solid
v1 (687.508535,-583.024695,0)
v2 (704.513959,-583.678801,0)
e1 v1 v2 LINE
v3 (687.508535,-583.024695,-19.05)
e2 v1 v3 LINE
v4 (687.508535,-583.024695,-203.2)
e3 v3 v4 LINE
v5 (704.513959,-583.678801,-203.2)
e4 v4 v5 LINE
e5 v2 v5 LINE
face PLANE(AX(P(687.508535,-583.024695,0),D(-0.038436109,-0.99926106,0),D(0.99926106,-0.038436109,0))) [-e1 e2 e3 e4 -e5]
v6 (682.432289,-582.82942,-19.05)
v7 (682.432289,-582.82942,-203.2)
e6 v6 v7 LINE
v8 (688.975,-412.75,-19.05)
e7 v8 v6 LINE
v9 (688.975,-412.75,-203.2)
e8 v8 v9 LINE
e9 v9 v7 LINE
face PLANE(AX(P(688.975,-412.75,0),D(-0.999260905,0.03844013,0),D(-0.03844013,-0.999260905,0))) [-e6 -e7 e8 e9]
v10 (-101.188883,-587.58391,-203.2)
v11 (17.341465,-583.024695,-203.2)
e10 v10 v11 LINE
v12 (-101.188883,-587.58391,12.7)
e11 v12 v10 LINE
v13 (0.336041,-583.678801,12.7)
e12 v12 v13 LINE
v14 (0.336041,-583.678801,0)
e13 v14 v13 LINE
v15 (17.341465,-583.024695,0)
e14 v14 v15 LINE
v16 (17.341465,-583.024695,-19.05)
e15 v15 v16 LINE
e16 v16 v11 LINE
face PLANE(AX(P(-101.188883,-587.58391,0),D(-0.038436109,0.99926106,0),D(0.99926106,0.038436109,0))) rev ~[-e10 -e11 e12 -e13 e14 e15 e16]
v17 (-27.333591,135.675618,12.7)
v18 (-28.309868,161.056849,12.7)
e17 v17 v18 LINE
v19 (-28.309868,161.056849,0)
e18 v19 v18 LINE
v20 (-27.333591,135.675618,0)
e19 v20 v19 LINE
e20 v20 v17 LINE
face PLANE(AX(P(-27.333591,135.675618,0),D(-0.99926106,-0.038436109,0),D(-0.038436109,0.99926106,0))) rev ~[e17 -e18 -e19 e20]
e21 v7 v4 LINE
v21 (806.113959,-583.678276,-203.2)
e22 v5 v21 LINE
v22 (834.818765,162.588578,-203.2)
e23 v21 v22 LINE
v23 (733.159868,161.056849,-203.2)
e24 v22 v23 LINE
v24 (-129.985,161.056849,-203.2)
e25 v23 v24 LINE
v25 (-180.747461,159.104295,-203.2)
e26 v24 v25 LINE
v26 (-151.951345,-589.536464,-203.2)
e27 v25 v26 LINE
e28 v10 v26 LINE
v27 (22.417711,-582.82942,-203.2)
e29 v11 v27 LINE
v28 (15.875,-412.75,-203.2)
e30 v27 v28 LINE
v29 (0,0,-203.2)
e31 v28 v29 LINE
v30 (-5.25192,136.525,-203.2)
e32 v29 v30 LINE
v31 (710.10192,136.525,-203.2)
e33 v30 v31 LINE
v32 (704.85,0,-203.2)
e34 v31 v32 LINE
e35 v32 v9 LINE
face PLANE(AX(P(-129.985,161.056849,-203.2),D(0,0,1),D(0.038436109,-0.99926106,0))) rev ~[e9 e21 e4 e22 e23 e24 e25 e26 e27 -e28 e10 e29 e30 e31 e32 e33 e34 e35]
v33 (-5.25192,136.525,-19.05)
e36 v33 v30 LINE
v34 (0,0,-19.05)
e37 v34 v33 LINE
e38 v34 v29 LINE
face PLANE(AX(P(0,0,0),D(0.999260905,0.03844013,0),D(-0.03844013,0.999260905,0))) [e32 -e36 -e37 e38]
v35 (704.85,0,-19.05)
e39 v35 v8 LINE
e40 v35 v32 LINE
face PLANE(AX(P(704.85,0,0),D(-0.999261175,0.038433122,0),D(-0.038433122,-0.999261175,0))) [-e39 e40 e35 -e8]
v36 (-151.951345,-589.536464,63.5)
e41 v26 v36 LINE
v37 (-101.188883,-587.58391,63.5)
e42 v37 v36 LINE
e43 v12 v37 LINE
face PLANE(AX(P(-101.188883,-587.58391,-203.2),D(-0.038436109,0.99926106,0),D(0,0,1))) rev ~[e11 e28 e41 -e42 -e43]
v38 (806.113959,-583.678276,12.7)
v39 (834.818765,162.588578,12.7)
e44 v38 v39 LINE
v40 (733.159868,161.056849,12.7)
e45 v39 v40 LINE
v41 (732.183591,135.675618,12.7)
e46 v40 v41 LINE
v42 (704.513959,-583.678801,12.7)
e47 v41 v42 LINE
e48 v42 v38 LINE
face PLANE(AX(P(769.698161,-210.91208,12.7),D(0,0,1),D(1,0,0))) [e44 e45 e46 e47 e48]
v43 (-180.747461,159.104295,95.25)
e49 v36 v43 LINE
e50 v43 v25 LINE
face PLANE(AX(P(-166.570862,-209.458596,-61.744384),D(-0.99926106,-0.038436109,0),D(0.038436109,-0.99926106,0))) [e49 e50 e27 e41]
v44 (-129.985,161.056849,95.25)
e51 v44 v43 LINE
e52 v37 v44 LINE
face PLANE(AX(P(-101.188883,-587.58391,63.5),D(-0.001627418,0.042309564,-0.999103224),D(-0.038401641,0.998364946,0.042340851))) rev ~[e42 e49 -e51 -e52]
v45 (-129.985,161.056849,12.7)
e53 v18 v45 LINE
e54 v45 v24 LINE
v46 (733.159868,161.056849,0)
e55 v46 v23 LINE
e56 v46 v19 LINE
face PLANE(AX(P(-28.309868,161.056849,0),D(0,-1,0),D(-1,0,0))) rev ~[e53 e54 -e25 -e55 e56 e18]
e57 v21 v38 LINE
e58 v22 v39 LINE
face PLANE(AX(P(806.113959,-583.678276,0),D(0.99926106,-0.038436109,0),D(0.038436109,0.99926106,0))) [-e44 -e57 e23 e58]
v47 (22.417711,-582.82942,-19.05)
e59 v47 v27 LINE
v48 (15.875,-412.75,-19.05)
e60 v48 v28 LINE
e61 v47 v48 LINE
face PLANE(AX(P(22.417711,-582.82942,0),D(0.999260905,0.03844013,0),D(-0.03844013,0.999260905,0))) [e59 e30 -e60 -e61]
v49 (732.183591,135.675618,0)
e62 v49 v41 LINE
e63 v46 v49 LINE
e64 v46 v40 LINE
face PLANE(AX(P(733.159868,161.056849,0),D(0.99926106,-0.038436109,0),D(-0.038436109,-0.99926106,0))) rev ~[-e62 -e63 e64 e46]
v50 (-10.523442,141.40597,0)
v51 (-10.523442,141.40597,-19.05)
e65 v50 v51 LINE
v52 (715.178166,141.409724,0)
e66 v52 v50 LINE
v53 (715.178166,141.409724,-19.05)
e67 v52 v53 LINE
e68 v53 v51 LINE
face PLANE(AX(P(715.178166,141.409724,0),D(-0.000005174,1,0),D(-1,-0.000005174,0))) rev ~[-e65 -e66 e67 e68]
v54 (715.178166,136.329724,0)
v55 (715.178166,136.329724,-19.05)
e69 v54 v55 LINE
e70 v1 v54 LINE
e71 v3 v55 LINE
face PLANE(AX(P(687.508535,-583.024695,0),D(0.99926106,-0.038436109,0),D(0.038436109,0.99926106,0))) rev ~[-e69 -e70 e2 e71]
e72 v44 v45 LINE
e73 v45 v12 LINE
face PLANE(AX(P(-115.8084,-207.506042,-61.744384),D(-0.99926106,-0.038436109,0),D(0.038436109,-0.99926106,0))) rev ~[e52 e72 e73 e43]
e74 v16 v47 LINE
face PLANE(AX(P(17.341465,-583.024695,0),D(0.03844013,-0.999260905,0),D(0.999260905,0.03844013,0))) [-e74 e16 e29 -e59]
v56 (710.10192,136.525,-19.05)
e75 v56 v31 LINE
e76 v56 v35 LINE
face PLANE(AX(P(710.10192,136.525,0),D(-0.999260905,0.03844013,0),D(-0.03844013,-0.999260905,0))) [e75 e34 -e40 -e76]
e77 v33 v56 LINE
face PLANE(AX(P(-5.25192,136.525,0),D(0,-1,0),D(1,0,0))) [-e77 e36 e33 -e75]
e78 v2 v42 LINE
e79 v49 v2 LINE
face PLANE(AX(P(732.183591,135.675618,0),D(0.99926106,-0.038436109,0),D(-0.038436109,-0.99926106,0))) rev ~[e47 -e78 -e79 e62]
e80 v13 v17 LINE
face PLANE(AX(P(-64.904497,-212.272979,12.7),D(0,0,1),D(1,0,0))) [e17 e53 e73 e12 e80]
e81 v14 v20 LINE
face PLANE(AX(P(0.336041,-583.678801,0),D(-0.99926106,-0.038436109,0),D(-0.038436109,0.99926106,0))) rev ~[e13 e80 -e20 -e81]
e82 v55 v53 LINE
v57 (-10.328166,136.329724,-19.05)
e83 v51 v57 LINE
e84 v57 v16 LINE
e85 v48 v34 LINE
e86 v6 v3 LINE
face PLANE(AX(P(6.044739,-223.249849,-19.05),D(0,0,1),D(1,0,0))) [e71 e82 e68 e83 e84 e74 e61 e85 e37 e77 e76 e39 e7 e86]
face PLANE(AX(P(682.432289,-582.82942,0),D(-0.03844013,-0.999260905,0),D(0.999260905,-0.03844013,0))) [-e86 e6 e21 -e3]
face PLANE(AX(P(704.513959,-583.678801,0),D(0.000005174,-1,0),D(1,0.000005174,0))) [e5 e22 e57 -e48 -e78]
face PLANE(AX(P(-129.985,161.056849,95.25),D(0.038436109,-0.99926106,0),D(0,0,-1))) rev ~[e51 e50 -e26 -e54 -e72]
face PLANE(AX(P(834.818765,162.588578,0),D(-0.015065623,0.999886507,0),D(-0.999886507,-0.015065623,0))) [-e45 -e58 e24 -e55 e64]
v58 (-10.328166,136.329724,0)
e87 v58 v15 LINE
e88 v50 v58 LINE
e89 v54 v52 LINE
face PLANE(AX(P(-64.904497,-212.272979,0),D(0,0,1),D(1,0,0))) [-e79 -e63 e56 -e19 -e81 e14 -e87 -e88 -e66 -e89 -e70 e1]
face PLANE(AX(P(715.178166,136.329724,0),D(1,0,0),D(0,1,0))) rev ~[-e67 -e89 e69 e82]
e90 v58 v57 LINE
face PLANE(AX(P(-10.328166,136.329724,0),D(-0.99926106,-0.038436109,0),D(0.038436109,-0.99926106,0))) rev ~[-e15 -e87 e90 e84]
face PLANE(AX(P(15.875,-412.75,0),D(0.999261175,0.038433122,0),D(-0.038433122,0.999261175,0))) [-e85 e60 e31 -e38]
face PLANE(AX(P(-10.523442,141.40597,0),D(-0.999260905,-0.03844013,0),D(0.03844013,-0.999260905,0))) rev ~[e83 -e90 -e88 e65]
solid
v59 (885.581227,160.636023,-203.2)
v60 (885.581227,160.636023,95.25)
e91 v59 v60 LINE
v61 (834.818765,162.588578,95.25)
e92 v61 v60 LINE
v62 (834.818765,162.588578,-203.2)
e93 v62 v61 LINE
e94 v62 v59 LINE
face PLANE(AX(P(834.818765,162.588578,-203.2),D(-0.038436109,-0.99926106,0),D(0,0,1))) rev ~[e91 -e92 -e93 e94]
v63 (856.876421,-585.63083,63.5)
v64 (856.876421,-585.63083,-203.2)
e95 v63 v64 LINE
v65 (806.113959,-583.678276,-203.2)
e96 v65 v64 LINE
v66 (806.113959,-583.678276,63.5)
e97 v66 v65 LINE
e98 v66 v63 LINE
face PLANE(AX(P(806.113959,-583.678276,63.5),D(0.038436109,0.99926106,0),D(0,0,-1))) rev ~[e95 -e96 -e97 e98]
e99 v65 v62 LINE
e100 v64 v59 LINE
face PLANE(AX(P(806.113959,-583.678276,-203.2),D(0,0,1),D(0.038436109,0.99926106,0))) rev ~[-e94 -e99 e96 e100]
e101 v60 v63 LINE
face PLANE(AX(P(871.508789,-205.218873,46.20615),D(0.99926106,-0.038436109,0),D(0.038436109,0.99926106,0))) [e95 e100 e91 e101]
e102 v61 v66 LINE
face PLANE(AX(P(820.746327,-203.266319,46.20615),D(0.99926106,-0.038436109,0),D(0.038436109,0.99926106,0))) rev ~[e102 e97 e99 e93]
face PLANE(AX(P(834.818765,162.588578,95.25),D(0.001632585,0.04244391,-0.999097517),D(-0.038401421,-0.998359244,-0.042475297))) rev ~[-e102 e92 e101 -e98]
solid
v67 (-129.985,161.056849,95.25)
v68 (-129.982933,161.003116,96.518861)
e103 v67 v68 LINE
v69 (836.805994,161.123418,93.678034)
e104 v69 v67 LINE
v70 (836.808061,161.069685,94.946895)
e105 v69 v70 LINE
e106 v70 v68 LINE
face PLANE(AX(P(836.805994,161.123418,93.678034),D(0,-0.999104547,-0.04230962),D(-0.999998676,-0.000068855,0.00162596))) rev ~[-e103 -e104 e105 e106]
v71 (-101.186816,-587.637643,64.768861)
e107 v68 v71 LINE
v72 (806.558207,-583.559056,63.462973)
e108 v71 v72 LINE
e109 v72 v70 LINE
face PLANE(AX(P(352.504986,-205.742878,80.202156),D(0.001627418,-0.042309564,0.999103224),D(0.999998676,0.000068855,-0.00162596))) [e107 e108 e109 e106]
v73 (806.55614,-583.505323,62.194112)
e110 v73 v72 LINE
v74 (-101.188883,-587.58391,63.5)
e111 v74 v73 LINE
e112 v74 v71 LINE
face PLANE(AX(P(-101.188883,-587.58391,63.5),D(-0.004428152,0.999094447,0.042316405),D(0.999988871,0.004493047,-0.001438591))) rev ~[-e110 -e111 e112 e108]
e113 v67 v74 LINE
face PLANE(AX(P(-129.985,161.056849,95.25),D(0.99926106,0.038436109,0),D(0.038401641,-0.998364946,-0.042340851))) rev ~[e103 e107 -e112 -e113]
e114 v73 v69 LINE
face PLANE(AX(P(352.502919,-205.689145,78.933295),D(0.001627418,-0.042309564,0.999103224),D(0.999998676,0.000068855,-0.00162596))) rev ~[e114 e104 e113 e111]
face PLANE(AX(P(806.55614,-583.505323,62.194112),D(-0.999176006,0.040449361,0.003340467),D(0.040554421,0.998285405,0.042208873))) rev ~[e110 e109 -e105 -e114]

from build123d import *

# Parameters (mm, degrees)
F1_DEPTH = 203.2
F2_DEPTH = 12.7
F3_DEPTH = 19.05
F4_W     = 746.8187077512
F4_H     = 215.9
F5_DEPTH = 50.8
F7_DEPTH = 50.8
F9_DEPTH = 1.27


with BuildPart() as f1:
    # F0 (on Top) → F1 (new body)
    with BuildSketch(Plane.XY):
        Polygon((-101.188883044, -587.583909848), (0.3360406256, -583.6788011578), (-27.333590572, 135.6756184324), (-28.3098677445, 161.0568493498), (-129.9849995929, 161.0568493498), align=None)
        Polygon((0.3360406256, -583.6788011578), (17.3414653403, -583.0246954522), (-10.3281658573, 136.329724138), (-27.333590572, 135.6756184324), align=None)
        Polygon((17.3414653403, -583.0246954522), (22.417710738, -582.8294195902), (15.875, -412.75), (0, 0), (-5.2519204596, 136.525), (-10.3281658573, 136.329724138), align=None)
        Polygon((704.85, 136.525), (710.1019204596, 136.525), (715.1781658573, 136.329724138), (715.1781658573, 141.409724138), (-10.5234417193, 141.4059695357), (-10.3281658573, 136.329724138), (-5.2519204596, 136.525), align=None)
        Polygon((715.1781658573, 141.409724138), (715.1781658573, 136.329724138), (732.183590572, 135.6756184324), (733.1598677445, 161.0568493498), (-28.3098677445, 161.0568493498), (-27.333590572, 135.6756184324), (-10.3281658573, 136.329724138), (-10.5234417193, 141.4059695357), align=None)
        Polygon((732.183590572, 135.6756184324), (704.5139593744, -583.6788011578), (806.113959373, -583.6782755043), (834.8187647438, 162.5885778369), (733.1598677445, 161.0568493498), align=None)
        Polygon((715.1781658573, 136.329724138), (687.5085346597, -583.0246954522), (704.5139593744, -583.6788011578), (732.183590572, 135.6756184324), align=None)
        Polygon((704.85, 0), (688.975, -412.75), (682.432289262, -582.8294195902), (687.5085346597, -583.0246954522), (715.1781658573, 136.329724138), (710.1019204596, 136.525), align=None)
    extrude(amount=-F1_DEPTH)

    # F0 (on Top) → F2 (join)
    with BuildSketch(Plane.XY):
        Polygon((-101.188883044, -587.583909848), (0.3360406256, -583.6788011578), (-27.333590572, 135.6756184324), (-28.3098677445, 161.0568493498), (-129.9849995929, 161.0568493498), align=None)
        Polygon((732.183590572, 135.6756184324), (704.5139593744, -583.6788011578), (806.113959373, -583.6782755043), (834.8187647438, 162.5885778369), (733.1598677445, 161.0568493498), align=None)
    extrude(amount=F2_DEPTH)

    # F0 (on Top) → F3 (cut)
    with BuildSketch(Plane.XY):
        Polygon((17.3414653403, -583.0246954522), (22.417710738, -582.8294195902), (15.875, -412.75), (0, 0), (-5.2519204596, 136.525), (-10.3281658573, 136.329724138), align=None)
        Polygon((704.85, 0), (688.975, -412.75), (682.432289262, -582.8294195902), (687.5085346597, -583.0246954522), (715.1781658573, 136.329724138), (710.1019204596, 136.525), align=None)
        Polygon((704.85, 136.525), (710.1019204596, 136.525), (715.1781658573, 136.329724138), (715.1781658573, 141.409724138), (-10.5234417193, 141.4059695357), (-10.3281658573, 136.329724138), (-5.2519204596, 136.525), align=None)
    extrude(amount=-F3_DEPTH, mode=Mode.SUBTRACT)

    # F6 (on face) → F7 (join)
    with BuildSketch(Plane(origin=(-123.6071439631, -4.7544909626, 0), x_dir=(0.0384361092, -0.9992610597, 0), z_dir=(-0.9992610597, -0.0384361092, 0))):
        Polygon((-165.9339555926, 95.25), (-165.9339555926, 12.7), (-165.9339555926, -203.2), (583.2604134869, -203.2), (583.2604134869, 12.7), (583.2604134869, 63.5), align=None)
    extrude(amount=F7_DEPTH)


with BuildPart() as f5:
    # F4 (on face) → F5 (new body)
    with BuildSketch(Plane(origin=(827.3408037059, -31.8232769409, 0), x_dir=(0.0384361092, 0.9992610597, 0), z_dir=(0.9992610597, -0.0384361092, 0))):
        Polygon((-552.2630879931, 63.5), (-552.2630879931, 12.7), (194.555619758, 12.7), (194.555619758, 95.25), align=None)
        with Locations((-178.8537341176, -95.25)):
            Rectangle(F4_W, F4_H)
    extrude(amount=F5_DEPTH)


with BuildPart() as f9:
    # F8 (on face) → F9 (new body)
    with BuildSketch(Plane(origin=(0.1434386281, -3.7291140724, 88.0597564011), x_dir=(0.9999986758, 6.88554e-05, -0.0016259603), z_dir=(0.0016274176, -0.0423095639, 0.9991032241))):
        Polygon((836.6636633873, 164.9426218293), (-130.1286105432, 164.9426218293), (-101.3324558611, -584.3710952719), (806.413769722, -580.3514122963), align=None)
    extrude(amount=F9_DEPTH)


solid = Compound([f1.part, f5.part, f9.part])
